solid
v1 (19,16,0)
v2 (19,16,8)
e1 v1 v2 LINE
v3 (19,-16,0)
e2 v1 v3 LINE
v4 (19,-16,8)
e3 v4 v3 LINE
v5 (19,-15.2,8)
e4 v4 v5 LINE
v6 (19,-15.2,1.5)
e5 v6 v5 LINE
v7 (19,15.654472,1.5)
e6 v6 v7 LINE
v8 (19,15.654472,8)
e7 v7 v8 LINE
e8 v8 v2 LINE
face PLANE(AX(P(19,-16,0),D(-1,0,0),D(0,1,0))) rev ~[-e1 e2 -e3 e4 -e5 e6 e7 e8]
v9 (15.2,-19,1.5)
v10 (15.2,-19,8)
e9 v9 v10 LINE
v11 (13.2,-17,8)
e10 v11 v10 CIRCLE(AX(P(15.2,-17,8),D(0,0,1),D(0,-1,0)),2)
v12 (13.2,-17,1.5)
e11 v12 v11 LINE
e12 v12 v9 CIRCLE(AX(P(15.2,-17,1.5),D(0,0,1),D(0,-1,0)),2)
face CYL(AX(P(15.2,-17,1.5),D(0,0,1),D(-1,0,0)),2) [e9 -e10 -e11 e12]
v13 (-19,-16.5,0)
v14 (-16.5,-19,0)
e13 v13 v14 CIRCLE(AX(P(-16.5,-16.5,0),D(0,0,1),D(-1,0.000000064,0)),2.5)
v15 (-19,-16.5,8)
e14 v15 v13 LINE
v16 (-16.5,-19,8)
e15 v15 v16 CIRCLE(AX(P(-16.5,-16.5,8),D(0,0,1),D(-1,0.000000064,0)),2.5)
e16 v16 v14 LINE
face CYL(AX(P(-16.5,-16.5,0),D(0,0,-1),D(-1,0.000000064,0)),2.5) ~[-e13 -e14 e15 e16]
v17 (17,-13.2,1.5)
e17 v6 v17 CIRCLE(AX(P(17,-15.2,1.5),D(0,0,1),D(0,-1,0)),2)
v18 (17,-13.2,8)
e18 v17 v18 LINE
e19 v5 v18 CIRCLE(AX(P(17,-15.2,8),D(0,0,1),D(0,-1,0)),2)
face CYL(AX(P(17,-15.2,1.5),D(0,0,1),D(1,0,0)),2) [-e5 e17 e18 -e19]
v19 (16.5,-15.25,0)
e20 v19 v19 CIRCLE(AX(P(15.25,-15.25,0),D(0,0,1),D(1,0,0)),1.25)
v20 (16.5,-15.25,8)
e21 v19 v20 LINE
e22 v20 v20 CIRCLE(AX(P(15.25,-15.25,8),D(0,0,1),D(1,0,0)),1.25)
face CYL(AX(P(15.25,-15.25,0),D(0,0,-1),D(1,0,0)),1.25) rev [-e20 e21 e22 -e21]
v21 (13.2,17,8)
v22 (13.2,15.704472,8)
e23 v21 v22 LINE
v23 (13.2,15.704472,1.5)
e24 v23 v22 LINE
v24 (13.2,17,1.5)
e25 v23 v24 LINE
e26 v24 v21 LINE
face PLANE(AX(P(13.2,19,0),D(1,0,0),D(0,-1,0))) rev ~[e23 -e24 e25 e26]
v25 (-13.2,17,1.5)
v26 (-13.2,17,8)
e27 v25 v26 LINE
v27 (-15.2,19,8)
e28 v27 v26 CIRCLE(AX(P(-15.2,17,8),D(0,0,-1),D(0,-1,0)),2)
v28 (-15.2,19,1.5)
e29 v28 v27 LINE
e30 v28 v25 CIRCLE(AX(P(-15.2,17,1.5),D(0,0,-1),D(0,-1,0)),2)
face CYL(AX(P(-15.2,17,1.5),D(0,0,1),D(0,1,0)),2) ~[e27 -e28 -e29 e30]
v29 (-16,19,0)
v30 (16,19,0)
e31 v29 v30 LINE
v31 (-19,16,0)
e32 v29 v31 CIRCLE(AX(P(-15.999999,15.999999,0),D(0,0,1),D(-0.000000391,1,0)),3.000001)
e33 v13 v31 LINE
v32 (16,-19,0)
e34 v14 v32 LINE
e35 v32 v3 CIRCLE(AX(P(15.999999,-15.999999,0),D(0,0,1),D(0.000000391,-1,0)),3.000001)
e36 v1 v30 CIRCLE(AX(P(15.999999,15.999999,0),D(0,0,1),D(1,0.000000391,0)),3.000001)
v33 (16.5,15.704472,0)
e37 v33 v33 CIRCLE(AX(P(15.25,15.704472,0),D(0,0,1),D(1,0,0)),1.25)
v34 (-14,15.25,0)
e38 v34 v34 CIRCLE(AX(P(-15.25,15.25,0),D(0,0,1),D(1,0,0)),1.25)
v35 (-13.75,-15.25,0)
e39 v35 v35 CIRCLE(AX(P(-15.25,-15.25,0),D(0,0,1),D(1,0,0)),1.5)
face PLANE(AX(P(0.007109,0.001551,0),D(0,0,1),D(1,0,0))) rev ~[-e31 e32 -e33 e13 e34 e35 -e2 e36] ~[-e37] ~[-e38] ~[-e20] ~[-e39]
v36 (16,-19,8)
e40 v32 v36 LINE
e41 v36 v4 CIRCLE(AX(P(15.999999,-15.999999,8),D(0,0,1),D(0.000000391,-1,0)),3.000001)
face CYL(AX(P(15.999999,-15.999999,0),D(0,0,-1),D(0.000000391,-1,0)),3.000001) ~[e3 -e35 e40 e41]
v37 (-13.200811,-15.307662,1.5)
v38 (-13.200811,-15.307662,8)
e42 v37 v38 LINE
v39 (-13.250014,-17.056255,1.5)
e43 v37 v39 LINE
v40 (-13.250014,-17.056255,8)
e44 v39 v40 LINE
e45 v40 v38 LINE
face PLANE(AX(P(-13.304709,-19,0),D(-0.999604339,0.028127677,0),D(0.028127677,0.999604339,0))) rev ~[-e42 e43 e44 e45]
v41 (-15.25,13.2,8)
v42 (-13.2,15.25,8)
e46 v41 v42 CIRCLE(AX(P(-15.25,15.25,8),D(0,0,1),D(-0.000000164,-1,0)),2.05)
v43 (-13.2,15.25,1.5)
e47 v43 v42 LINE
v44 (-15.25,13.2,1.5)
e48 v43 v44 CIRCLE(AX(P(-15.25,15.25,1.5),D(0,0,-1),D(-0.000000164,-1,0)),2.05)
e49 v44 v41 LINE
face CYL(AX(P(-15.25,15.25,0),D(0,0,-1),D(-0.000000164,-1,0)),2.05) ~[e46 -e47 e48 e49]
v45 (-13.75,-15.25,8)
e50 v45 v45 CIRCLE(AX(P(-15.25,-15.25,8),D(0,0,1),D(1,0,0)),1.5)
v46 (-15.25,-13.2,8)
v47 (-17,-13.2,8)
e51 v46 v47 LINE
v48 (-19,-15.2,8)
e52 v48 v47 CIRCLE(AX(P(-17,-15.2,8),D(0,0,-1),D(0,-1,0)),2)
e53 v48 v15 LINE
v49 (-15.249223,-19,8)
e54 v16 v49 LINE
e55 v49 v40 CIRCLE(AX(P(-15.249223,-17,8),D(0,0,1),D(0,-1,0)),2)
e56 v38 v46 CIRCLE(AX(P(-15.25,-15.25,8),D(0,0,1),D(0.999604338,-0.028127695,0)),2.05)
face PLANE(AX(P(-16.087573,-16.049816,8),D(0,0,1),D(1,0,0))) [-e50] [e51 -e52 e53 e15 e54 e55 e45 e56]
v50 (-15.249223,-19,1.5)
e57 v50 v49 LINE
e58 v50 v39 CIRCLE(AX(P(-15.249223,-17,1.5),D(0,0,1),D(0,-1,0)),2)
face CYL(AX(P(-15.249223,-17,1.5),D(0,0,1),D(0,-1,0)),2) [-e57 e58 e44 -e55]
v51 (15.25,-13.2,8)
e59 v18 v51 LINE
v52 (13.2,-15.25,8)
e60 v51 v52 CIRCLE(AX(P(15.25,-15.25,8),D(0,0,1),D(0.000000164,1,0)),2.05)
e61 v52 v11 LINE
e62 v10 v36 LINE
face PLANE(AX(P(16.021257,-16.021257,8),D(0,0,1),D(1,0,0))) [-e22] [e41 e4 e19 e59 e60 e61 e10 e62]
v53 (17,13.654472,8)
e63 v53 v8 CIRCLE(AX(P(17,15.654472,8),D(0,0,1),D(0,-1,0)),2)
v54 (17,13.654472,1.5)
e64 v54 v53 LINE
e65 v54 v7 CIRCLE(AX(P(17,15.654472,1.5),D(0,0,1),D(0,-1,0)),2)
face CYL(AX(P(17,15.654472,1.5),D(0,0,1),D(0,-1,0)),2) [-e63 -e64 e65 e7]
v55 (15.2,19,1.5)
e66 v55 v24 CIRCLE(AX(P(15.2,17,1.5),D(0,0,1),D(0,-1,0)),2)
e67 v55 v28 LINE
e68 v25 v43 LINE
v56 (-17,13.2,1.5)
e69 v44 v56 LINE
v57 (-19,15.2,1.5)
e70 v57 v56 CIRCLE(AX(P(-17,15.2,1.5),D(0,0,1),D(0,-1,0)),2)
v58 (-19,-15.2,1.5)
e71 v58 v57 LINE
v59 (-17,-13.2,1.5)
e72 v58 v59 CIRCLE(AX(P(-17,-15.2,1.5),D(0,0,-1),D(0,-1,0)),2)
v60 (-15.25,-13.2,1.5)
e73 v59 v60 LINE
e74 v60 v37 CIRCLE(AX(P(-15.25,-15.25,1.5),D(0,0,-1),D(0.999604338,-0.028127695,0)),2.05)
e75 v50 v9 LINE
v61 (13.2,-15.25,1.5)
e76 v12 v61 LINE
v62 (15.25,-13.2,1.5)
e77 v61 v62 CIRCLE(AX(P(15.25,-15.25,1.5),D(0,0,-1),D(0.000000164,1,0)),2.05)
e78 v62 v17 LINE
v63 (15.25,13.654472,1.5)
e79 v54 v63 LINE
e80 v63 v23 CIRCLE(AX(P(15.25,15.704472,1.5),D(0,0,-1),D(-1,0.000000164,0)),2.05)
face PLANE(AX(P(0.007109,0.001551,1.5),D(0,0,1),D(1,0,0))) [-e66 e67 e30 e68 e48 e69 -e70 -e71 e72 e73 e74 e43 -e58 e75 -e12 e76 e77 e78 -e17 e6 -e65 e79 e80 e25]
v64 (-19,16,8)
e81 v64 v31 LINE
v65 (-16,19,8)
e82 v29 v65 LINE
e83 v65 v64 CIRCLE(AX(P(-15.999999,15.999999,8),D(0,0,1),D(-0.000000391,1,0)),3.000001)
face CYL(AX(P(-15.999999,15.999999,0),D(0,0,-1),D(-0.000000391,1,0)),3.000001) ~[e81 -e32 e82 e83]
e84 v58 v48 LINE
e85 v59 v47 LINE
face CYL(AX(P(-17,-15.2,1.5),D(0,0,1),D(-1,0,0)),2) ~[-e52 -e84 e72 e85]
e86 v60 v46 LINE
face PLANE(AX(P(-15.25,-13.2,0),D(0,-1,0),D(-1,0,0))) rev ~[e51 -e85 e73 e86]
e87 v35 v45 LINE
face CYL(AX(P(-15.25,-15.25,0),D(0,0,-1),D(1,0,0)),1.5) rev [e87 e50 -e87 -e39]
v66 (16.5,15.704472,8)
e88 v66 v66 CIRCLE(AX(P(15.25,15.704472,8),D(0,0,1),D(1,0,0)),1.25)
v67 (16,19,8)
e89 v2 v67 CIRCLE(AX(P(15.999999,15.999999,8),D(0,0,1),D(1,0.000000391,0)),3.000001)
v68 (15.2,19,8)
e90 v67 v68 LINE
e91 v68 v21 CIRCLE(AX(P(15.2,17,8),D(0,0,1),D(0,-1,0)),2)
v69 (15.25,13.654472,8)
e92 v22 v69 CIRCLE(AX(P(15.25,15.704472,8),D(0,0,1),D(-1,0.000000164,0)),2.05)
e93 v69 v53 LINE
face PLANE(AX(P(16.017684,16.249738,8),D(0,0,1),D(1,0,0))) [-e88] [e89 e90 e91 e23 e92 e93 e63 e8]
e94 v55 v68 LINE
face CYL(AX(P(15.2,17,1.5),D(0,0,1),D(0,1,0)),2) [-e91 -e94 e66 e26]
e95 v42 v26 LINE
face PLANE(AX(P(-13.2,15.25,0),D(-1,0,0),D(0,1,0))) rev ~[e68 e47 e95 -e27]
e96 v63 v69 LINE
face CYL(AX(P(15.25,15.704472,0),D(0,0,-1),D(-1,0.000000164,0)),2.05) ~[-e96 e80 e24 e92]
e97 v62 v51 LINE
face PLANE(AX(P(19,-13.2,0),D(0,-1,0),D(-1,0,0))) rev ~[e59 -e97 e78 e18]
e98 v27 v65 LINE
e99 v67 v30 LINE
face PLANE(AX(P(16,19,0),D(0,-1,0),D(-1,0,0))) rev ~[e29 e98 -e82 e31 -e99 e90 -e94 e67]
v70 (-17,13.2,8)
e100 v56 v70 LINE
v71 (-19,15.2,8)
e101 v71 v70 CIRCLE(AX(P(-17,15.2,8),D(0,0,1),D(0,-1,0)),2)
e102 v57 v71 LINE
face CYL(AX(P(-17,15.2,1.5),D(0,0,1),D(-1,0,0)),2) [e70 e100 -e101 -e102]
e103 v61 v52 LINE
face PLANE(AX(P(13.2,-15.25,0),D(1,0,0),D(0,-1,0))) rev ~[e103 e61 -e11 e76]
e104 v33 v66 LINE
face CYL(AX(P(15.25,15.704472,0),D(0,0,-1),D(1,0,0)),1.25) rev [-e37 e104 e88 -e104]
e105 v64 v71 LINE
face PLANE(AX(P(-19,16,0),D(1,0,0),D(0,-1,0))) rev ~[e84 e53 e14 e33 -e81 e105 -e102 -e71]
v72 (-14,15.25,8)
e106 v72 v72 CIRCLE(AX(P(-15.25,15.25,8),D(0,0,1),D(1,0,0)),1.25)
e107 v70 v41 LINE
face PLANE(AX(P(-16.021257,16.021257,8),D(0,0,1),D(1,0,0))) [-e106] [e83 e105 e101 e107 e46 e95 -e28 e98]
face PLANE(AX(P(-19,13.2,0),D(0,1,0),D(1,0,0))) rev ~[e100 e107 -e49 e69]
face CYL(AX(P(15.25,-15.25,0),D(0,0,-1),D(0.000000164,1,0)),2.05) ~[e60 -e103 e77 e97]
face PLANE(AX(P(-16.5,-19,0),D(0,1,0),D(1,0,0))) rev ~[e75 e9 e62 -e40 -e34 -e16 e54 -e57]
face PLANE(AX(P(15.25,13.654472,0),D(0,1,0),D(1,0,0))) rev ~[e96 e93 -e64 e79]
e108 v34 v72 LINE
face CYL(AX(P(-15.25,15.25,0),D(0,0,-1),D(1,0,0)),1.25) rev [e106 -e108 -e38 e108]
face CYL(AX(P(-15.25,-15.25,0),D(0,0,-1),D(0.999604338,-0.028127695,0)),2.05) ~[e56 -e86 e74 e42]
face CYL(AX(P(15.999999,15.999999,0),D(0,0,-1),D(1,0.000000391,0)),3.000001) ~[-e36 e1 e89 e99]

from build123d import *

# Parameters (mm, degrees)
F0_R     = 1.5
F0_R_2   = 1.25
F1_DEPTH = 1.5
F2_DEPTH = 8
F3_R     = 2
F4_R     = 2


with BuildPart() as f1:
    # F0 (on Top) → F1 (new body)
    with BuildSketch(Plane.XY):
        with BuildLine():
            Line((-13.304709, -19), (13.2, -19))
            Line((13.2, -19), (13.2, -15.25))
            ThreePointArc((13.2, -15.25), (13.800431, -13.800431), (15.25, -13.2))
            Line((15.25, -13.2), (19, -13.2))
            Line((19, -13.2), (19, 13.654472))
            Line((19, 13.654472), (15.25, 13.654472))
            ThreePointArc((15.25, 13.654472), (13.800431, 14.254903), (13.2, 15.704472))
            Line((13.2, 15.704472), (13.2, 19))
            Line((13.2, 19), (-13.2, 19))
            Line((-13.2, 19), (-13.2, 15.25))
            ThreePointArc((-13.2, 15.25), (-13.800431, 13.800431), (-15.25, 13.2))
            Line((-15.25, 13.2), (-19, 13.2))
            Line((-19, 13.2), (-19, -13.2))
            Line((-19, -13.2), (-15.25, -13.2))
            ThreePointArc((-15.25, -13.2), (-13.780186, -13.820963), (-13.200811, -15.307662))
            Line((-13.200811, -15.307662), (-13.304709, -19))
        make_face()
        with BuildLine():
            Line((-16.5, -19), (-13.304709, -19))
            Line((-13.304709, -19), (-13.200811, -15.307662))
            ThreePointArc((-13.200811, -15.307662), (-13.780186, -13.820963), (-15.25, -13.2))
            Line((-15.25, -13.2), (-19, -13.2))
            Line((-19, -13.2), (-19, -16.5))
            ThreePointArc((-19, -16.5), (-18.267767, -18.267767), (-16.5, -19))
        make_face()
        with Locations((-15.25, -15.25)):
            Circle(F0_R, mode=Mode.SUBTRACT)
        with BuildLine():
            Line((13.2, -19), (16, -19))
            ThreePointArc((16, -19), (18.12132, -18.12132), (19, -16))
            Line((19, -16), (19, -13.2))
            Line((19, -13.2), (15.25, -13.2))
            ThreePointArc((15.25, -13.2), (13.800431, -13.800431), (13.2, -15.25))
            Line((13.2, -15.25), (13.2, -19))
        make_face()
        with Locations((15.25, -15.25)):
            Circle(F0_R_2, mode=Mode.SUBTRACT)
        with BuildLine():
            Line((15.25, 13.654472), (19, 13.654472))
            Line((19, 13.654472), (19, 16))
            ThreePointArc((19, 16), (18.12132, 18.12132), (16, 19))
            Line((16, 19), (13.2, 19))
            Line((13.2, 19), (13.2, 15.704472))
            ThreePointArc((13.2, 15.704472), (13.800431, 14.254903), (15.25, 13.654472))
        make_face()
        with Locations((15.25, 15.704472)):
            Circle(F0_R_2, mode=Mode.SUBTRACT)
        with BuildLine():
            Line((-19, 16), (-19, 13.2))
            Line((-19, 13.2), (-15.25, 13.2))
            ThreePointArc((-15.25, 13.2), (-13.800431, 13.800431), (-13.2, 15.25))
            Line((-13.2, 15.25), (-13.2, 19))
            Line((-13.2, 19), (-16, 19))
            ThreePointArc((-16, 19), (-18.12132, 18.12132), (-19, 16))
        make_face()
        with Locations((-15.25, 15.25)):
            Circle(F0_R_2, mode=Mode.SUBTRACT)
    extrude(amount=F1_DEPTH)

    # F0 (on Top) → F2 (join)
    with BuildSketch(Plane.XY):
        with BuildLine():
            Line((-16.5, -19), (-13.304709, -19))
            Line((-13.304709, -19), (-13.200811, -15.307662))
            ThreePointArc((-13.200811, -15.307662), (-13.780186, -13.820963), (-15.25, -13.2))
            Line((-15.25, -13.2), (-19, -13.2))
            Line((-19, -13.2), (-19, -16.5))
            ThreePointArc((-19, -16.5), (-18.267767, -18.267767), (-16.5, -19))
        make_face()
        with Locations((-15.25, -15.25)):
            Circle(F0_R, mode=Mode.SUBTRACT)
        with BuildLine():
            Line((13.2, -19), (16, -19))
            ThreePointArc((16, -19), (18.12132, -18.12132), (19, -16))
            Line((19, -16), (19, -13.2))
            Line((19, -13.2), (15.25, -13.2))
            ThreePointArc((15.25, -13.2), (13.800431, -13.800431), (13.2, -15.25))
            Line((13.2, -15.25), (13.2, -19))
        make_face()
        with Locations((15.25, -15.25)):
            Circle(F0_R_2, mode=Mode.SUBTRACT)
        with BuildLine():
            Line((15.25, 13.654472), (19, 13.654472))
            Line((19, 13.654472), (19, 16))
            ThreePointArc((19, 16), (18.12132, 18.12132), (16, 19))
            Line((16, 19), (13.2, 19))
            Line((13.2, 19), (13.2, 15.704472))
            ThreePointArc((13.2, 15.704472), (13.800431, 14.254903), (15.25, 13.654472))
        make_face()
        with Locations((15.25, 15.704472)):
            Circle(F0_R_2, mode=Mode.SUBTRACT)
        with BuildLine():
            Line((-19, 16), (-19, 13.2))
            Line((-19, 13.2), (-15.25, 13.2))
            ThreePointArc((-15.25, 13.2), (-13.800431, 13.800431), (-13.2, 15.25))
            Line((-13.2, 15.25), (-13.2, 19))
            Line((-13.2, 19), (-16, 19))
            ThreePointArc((-16, 19), (-18.12132, 18.12132), (-19, 16))
        make_face()
        with Locations((-15.25, 15.25)):
            Circle(F0_R_2, mode=Mode.SUBTRACT)
    extrude(amount=F2_DEPTH)

    # F3
    f3_edges = [f1.edges().sort_by_distance(p)[0] for p in [
        (-19, 13.2, 4.75),
    ]]
    fillet(f3_edges, radius=F3_R)

    # F4
    f4_edges = [f1.edges().sort_by_distance(p)[0] for p in [
        (-13.2, 19, 4.75),
        (13.2, 19, 4.75),
        (19, 13.654472, 4.75),
        (19, -13.2, 4.75),
        (13.2, -19, 4.75),
        (-13.304709, -19, 4.75),
        (-19, -13.2, 4.75),
    ]]
    fillet(f4_edges, radius=F4_R)


solid = f1.part
